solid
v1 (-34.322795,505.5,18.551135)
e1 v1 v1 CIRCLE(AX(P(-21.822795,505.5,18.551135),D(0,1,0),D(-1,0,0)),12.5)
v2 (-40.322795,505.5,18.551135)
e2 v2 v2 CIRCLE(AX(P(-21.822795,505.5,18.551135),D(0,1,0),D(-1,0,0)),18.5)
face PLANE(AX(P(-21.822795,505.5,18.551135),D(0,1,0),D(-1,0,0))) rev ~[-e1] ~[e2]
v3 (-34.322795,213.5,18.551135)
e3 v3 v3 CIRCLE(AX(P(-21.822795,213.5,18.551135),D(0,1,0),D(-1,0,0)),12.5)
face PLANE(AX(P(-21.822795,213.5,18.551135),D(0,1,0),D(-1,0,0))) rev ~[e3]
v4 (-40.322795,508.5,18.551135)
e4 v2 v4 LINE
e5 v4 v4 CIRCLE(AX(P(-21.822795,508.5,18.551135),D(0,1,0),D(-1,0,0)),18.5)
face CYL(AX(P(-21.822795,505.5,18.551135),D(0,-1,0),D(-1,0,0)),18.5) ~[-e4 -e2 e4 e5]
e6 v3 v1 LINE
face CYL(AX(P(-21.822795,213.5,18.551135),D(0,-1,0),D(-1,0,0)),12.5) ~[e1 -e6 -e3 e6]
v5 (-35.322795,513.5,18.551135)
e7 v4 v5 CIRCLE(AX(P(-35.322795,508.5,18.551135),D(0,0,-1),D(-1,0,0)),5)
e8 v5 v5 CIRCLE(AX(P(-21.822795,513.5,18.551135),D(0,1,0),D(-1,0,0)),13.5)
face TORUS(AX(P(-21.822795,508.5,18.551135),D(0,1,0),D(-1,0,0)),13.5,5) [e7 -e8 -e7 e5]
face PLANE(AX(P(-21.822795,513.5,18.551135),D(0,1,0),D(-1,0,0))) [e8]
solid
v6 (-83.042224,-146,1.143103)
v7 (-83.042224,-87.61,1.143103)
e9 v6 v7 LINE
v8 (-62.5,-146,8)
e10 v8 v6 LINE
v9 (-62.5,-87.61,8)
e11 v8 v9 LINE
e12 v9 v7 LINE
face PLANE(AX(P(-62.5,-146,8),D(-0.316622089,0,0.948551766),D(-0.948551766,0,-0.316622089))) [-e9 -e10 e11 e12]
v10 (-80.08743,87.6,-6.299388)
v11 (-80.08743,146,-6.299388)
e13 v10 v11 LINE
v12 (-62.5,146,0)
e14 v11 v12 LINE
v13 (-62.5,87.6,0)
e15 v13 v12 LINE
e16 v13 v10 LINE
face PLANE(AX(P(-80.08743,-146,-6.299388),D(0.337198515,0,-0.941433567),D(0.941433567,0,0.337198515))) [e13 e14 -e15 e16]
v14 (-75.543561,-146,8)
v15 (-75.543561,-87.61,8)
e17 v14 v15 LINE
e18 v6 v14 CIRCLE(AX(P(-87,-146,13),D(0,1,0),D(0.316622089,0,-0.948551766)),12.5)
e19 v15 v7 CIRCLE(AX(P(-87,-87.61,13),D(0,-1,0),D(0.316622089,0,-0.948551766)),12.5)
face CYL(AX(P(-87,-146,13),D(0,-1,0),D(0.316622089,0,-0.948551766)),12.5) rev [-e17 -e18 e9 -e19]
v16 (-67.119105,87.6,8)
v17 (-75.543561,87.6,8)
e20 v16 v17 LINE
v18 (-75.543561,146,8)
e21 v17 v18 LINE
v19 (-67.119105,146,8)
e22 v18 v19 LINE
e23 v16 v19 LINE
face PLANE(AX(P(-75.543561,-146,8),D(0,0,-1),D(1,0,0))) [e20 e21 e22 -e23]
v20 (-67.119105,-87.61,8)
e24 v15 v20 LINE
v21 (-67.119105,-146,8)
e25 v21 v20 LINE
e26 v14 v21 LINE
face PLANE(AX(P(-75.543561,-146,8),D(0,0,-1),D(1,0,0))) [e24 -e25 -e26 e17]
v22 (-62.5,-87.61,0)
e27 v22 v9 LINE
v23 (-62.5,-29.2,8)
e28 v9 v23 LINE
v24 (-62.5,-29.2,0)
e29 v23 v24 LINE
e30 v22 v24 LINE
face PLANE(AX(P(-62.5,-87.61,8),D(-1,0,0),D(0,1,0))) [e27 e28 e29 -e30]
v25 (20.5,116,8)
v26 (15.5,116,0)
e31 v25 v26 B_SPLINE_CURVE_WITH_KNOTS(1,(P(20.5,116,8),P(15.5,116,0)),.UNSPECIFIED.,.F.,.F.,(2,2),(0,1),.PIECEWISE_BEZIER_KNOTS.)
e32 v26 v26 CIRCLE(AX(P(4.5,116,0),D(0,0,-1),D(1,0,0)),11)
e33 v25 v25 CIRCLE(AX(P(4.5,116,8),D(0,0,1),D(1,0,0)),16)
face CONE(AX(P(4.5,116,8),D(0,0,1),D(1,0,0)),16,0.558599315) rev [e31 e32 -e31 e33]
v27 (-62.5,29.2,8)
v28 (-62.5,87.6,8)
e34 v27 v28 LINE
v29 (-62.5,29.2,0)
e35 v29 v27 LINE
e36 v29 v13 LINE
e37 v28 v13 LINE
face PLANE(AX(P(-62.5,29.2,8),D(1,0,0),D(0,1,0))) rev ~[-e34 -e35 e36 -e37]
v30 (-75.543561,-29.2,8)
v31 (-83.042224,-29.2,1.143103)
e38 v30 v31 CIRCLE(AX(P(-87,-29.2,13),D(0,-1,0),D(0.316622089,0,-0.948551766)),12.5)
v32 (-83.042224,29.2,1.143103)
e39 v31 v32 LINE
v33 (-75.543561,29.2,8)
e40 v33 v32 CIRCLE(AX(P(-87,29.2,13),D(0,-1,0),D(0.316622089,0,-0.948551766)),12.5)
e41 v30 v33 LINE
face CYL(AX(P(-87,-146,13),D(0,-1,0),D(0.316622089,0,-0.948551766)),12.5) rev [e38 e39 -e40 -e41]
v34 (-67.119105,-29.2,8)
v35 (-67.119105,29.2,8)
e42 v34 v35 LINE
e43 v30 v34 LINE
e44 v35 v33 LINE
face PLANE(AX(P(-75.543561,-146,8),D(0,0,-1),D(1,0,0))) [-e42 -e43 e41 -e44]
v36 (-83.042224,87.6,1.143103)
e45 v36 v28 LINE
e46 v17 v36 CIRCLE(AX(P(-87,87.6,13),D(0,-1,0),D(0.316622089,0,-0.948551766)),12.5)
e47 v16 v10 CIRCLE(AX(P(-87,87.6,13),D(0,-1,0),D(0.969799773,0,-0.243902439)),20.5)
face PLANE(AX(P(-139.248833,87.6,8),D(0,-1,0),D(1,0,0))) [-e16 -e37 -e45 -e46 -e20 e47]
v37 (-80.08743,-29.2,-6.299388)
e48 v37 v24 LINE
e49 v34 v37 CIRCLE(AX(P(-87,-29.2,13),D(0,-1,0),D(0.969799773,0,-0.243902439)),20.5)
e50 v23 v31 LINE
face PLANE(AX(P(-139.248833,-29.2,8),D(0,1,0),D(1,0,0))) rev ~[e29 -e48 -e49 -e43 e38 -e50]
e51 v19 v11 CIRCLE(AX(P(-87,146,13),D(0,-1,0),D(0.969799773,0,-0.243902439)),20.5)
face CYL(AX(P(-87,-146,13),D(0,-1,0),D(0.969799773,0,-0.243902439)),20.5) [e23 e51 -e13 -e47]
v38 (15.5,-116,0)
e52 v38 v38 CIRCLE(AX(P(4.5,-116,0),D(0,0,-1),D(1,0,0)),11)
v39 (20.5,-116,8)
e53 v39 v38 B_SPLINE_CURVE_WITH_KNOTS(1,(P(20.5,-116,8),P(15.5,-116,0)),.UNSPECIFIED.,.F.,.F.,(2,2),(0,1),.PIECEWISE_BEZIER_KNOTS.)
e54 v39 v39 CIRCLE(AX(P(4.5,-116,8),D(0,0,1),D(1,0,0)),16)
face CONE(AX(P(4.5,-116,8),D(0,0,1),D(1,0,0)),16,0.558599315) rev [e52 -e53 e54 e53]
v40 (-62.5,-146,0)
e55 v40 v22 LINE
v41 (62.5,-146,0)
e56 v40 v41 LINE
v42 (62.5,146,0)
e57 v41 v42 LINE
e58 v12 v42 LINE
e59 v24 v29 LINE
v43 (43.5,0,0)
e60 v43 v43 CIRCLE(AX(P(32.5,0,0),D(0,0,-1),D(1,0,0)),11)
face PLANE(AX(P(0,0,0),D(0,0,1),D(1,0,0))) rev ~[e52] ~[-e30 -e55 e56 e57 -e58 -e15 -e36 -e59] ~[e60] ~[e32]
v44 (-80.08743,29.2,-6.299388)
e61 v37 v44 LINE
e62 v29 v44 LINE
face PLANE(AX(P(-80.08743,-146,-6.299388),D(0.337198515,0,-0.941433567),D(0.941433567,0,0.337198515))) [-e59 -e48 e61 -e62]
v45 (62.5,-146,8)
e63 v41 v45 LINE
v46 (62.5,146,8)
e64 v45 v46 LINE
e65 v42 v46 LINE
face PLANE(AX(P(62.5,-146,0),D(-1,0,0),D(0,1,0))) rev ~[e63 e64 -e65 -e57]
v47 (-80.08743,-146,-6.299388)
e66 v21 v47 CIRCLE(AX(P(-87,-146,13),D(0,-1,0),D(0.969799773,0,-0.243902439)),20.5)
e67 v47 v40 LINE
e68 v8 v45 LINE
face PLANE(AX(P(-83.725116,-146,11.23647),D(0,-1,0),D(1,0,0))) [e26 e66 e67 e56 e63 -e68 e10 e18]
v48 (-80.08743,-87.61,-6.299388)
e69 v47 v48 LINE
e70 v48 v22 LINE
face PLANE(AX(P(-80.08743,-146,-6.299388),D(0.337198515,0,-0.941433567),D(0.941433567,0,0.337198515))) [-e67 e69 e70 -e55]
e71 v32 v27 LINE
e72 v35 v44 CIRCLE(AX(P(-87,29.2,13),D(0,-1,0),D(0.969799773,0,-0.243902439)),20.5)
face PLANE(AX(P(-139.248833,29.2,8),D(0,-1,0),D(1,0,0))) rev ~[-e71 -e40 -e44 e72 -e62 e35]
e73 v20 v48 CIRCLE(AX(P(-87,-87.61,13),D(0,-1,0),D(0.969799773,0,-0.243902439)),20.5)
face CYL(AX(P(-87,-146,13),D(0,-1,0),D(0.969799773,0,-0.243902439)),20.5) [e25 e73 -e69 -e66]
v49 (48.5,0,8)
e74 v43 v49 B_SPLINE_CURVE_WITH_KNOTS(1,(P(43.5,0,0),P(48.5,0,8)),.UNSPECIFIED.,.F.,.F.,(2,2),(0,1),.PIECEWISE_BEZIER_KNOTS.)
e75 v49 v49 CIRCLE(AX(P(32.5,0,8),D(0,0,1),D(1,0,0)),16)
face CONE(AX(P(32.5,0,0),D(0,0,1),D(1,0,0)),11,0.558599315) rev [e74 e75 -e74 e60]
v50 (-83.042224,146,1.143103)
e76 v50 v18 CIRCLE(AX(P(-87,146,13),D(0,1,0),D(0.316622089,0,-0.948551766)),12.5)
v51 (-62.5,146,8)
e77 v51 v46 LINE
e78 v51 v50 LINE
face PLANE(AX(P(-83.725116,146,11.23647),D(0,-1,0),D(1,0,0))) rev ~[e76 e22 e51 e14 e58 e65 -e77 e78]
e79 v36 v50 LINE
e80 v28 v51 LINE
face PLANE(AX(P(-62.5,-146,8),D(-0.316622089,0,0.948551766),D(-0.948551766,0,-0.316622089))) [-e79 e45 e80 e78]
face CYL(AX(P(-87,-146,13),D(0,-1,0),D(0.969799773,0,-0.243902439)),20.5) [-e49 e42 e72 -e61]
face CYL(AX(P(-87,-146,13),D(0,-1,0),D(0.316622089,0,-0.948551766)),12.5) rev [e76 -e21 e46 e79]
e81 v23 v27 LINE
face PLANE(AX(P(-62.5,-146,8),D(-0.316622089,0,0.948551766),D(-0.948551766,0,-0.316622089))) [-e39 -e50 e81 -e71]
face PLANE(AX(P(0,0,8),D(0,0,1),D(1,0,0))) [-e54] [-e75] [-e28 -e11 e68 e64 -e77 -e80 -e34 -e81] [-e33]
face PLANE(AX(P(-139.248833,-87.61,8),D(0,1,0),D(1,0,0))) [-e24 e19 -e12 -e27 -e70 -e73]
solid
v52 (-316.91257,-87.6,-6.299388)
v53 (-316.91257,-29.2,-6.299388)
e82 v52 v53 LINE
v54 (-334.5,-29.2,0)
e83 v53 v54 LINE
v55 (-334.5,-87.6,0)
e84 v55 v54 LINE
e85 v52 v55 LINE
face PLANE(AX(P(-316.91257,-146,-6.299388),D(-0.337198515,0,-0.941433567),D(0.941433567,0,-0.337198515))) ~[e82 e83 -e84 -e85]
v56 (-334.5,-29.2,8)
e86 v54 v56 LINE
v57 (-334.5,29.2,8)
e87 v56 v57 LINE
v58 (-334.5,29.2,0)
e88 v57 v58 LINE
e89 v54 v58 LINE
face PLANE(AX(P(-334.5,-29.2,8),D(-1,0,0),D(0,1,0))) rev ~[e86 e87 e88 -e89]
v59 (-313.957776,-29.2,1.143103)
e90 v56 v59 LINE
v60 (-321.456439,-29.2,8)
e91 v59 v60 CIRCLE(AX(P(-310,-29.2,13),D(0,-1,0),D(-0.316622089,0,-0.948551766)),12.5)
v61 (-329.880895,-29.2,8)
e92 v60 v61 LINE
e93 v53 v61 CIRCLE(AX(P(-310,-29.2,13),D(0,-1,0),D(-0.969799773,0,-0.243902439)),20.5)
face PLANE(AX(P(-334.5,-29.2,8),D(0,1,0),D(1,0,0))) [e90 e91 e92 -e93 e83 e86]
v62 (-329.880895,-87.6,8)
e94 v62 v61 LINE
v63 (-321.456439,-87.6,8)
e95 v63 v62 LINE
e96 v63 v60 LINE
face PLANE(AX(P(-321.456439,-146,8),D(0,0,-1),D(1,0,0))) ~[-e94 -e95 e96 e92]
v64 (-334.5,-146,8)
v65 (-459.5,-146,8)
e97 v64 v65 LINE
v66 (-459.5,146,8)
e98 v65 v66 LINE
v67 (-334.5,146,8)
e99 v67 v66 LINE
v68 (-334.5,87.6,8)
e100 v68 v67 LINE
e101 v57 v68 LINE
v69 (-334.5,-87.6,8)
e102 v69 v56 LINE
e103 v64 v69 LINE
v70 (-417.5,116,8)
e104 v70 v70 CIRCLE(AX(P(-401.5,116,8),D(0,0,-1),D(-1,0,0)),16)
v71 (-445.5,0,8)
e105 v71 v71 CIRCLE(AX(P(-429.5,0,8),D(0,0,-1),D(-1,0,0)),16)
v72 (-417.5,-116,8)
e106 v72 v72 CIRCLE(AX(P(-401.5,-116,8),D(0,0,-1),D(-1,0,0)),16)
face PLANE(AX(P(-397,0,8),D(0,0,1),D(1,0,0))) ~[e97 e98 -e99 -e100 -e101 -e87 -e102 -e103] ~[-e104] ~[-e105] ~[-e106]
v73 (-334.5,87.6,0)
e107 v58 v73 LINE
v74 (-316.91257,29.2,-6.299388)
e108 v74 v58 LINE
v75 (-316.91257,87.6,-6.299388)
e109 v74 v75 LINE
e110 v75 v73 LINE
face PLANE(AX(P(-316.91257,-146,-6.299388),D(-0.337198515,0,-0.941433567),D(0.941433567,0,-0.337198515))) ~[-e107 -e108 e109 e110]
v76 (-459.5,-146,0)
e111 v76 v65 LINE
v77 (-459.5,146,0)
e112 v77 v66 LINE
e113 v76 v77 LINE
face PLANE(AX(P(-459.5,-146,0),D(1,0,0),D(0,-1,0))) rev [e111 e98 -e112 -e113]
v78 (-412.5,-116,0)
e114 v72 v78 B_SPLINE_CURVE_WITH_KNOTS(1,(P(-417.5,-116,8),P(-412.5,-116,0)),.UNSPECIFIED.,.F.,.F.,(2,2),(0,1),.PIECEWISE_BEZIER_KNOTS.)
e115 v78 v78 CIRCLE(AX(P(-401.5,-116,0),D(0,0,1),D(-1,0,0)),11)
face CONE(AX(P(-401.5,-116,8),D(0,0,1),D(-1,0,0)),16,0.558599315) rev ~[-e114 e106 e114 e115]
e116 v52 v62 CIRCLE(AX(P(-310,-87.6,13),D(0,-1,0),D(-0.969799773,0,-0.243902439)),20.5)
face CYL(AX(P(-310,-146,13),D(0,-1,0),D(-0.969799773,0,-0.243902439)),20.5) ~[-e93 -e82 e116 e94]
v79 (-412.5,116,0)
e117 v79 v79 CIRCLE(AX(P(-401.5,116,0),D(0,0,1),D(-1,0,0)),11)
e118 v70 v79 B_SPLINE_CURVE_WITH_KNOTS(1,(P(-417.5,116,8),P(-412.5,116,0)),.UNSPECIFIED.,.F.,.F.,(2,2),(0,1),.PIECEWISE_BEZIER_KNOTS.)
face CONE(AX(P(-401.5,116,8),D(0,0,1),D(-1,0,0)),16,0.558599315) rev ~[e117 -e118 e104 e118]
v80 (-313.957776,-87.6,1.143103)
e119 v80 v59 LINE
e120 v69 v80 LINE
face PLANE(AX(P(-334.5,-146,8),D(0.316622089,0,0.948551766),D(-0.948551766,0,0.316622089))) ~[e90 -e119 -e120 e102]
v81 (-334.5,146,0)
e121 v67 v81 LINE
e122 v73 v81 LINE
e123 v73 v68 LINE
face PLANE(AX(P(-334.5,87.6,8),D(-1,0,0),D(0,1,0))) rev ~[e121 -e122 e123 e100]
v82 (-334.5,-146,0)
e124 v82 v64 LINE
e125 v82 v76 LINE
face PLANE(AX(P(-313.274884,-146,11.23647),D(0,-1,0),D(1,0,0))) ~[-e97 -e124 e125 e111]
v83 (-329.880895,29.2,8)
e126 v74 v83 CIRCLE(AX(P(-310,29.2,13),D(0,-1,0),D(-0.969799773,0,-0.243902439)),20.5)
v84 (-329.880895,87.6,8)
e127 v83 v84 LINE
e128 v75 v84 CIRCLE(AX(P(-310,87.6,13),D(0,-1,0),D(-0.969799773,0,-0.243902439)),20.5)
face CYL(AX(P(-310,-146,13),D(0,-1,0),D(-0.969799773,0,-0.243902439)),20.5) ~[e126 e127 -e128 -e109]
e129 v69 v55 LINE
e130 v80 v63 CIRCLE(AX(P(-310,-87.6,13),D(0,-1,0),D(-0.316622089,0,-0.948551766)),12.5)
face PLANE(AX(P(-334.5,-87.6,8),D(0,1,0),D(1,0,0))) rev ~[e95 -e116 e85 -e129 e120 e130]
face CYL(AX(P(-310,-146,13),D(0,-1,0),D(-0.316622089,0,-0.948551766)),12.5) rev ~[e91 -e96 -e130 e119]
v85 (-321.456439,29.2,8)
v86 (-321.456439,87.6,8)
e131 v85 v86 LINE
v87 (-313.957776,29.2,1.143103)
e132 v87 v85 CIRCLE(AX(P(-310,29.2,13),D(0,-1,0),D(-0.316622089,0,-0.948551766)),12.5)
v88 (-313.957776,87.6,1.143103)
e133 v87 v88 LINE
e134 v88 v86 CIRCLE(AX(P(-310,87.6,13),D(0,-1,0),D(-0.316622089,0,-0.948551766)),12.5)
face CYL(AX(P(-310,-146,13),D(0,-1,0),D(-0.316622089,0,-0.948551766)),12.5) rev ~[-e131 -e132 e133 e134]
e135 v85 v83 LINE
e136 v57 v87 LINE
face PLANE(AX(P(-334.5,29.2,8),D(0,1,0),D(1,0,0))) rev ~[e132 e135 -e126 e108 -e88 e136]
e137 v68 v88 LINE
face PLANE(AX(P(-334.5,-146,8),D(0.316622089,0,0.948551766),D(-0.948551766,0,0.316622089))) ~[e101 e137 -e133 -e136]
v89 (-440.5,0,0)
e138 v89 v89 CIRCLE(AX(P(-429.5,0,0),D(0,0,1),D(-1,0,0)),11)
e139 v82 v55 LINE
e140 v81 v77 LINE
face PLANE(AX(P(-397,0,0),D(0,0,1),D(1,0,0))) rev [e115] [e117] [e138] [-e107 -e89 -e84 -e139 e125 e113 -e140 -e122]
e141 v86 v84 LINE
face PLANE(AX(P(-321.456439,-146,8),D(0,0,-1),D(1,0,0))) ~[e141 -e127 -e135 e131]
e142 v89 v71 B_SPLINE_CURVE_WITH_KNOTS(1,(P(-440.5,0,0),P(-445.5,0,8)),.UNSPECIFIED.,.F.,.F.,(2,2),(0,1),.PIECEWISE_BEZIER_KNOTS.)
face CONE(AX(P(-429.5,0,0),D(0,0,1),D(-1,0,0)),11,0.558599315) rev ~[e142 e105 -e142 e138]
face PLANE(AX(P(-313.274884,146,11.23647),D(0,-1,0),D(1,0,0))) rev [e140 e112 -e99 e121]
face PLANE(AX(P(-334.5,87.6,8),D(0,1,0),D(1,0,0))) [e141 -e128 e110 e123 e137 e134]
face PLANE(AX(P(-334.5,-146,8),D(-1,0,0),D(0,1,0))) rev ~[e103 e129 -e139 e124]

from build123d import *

# Parameters (mm, degrees)
F0_W      = 125
F0_H      = 292
F1_DEPTH  = 8
F3_DEPTH  = 292
F4_R      = 16
F5_R      = 11
F11_W     = 71.4123101234
F11_H     = 58.4
F11_W_2   = 89.3908293247
F12_W     = 76.7488330603
F12_H     = 58.41
F12_H_2   = 58.4
F13_DEPTH = 50
F15_R     = 12.5
F16_DEPTH = 292
F17_R     = 18.5
F17_R_2   = 12.5
F18_DEPTH = 8
F19_R     = 5


with BuildPart() as f1:
    # F0 (on Top) → F1 (new body)
    with BuildSketch(Plane.XY):
        Rectangle(F0_W, F0_H)
    extrude(amount=F1_DEPTH)

    # F2 (on face) → F3 (join)
    with BuildSketch(Plane.XZ.offset(146)):
        with BuildLine():
            Line((-75.5435607626, 8), (-67.1191046479, 8))
            ThreePointArc((-67.1191046479, 8), (-102.1852087826, 26.7716895924), (-80.0874304335, -6.2993881247))
            Line((-80.0874304335, -6.2993881247), (-62.5, 0))
            Line((-62.5, 0), (-62.5, 8))
            Line((-62.5, 8), (-83.0422238932, 1.1431029233))
            ThreePointArc((-83.0422238932, 1.1431029233), (-95.4352692932, 22.2247618913), (-75.5435607626, 8))
        make_face()
    extrude(amount=-F3_DEPTH)

    # F4 (on face) → F6 section 0
    with BuildSketch(Plane.XY.offset(8)):
        with Locations((4.5, -116)):
            Circle(F4_R)
    # F5 (on face) → F6 section 1
    with BuildSketch(Plane(origin=(0, 0, 0), x_dir=(1, 0, 0), z_dir=(0, 0, -1))):
        with Locations((4.5, 116)):
            Circle(F5_R)
    loft(mode=Mode.SUBTRACT)

    # F5 (on face) → F7 section 0
    with BuildSketch(Plane(origin=(0, 0, 0), x_dir=(1, 0, 0), z_dir=(0, 0, -1))):
        with Locations((32.5, 0)):
            Circle(F5_R)
    # F4 (on face) → F7 section 1
    with BuildSketch(Plane.XY.offset(8)):
        with Locations((32.5, 0)):
            Circle(F4_R)
    loft(mode=Mode.SUBTRACT)

    # F4 (on face) → F8 section 0
    with BuildSketch(Plane.XY.offset(8)):
        with Locations((4.5, 116)):
            Circle(F4_R)
    # F5 (on face) → F8 section 1
    with BuildSketch(Plane(origin=(0, 0, 0), x_dir=(1, 0, 0), z_dir=(0, 0, -1))):
        with Locations((4.5, -116)):
            Circle(F5_R)
    loft(mode=Mode.SUBTRACT)


with BuildPart() as f10_1:
    # F10: instance of F1
    add(f1.part.mirror(Plane(origin=(-198.5, 0, 4), x_dir=(0, 1, 0), z_dir=(1, 0, 0))))


with BuildPart() as f13_tool:
    # F11 (on face) + F12 (on face) → F13 (new body, symmetric)
    with BuildSketch(Plane.XY.offset(8)):
        with Locations((-298.7938449383, 116.8)):
            Rectangle(F11_W, F11_H)
        with Locations((-289.8045853376, 0)):
            Rectangle(F11_W_2, F11_H)
        with Locations((-289.8045853376, -116.8)):
            Rectangle(F11_W_2, F11_H)
    with BuildSketch(Plane.XY.offset(8)):
        with Locations((-100.8744165301, -58.405)):
            Rectangle(F12_W, F12_H)
        with Locations((-100.8744165301, 58.4)):
            Rectangle(F12_W, F12_H_2)
    extrude(amount=F13_DEPTH, both=True)


with BuildPart() as f1_1:
    add(f1.part)

    # F13: cut by f13_tool
    add(f13_tool.part, mode=Mode.SUBTRACT)


with BuildPart() as f10_1_1:
    add(f10_1.part)

    # F13: cut by f13_tool
    add(f13_tool.part, mode=Mode.SUBTRACT)


with BuildPart() as f16:
    # F15 (on offset) → F16 (new body)
    with BuildSketch(Plane(origin=(0, 213.5, 0), x_dir=(-1, 0, 0), z_dir=(0, 1, 0))):
        with Locations((21.8227952719, 18.5511354357)):
            Circle(F15_R)
    extrude(amount=F16_DEPTH)

    # F17 (on face) → F18 (join)
    with BuildSketch(Plane(origin=(0, 505.5, 0), x_dir=(-1, 0, 0), z_dir=(0, 1, 0))):
        with Locations((21.8227952719, 18.5511354357)):
            Circle(F17_R)
        with Locations((21.8227952719, 18.5511354357)):
            Circle(F17_R_2, mode=Mode.SUBTRACT)
        with Locations((21.8227952719, 18.5511354357)):
            Circle(F17_R_2)
    extrude(amount=F18_DEPTH)

    # F19
    f19_edges = [f16.edges().sort_by_distance(p)[0] for p in [
        (-3.322795, 513.5, 18.551135),
    ]]
    fillet(f19_edges, radius=F19_R)


solid = Compound([f1_1.part, f10_1_1.part, f16.part])
